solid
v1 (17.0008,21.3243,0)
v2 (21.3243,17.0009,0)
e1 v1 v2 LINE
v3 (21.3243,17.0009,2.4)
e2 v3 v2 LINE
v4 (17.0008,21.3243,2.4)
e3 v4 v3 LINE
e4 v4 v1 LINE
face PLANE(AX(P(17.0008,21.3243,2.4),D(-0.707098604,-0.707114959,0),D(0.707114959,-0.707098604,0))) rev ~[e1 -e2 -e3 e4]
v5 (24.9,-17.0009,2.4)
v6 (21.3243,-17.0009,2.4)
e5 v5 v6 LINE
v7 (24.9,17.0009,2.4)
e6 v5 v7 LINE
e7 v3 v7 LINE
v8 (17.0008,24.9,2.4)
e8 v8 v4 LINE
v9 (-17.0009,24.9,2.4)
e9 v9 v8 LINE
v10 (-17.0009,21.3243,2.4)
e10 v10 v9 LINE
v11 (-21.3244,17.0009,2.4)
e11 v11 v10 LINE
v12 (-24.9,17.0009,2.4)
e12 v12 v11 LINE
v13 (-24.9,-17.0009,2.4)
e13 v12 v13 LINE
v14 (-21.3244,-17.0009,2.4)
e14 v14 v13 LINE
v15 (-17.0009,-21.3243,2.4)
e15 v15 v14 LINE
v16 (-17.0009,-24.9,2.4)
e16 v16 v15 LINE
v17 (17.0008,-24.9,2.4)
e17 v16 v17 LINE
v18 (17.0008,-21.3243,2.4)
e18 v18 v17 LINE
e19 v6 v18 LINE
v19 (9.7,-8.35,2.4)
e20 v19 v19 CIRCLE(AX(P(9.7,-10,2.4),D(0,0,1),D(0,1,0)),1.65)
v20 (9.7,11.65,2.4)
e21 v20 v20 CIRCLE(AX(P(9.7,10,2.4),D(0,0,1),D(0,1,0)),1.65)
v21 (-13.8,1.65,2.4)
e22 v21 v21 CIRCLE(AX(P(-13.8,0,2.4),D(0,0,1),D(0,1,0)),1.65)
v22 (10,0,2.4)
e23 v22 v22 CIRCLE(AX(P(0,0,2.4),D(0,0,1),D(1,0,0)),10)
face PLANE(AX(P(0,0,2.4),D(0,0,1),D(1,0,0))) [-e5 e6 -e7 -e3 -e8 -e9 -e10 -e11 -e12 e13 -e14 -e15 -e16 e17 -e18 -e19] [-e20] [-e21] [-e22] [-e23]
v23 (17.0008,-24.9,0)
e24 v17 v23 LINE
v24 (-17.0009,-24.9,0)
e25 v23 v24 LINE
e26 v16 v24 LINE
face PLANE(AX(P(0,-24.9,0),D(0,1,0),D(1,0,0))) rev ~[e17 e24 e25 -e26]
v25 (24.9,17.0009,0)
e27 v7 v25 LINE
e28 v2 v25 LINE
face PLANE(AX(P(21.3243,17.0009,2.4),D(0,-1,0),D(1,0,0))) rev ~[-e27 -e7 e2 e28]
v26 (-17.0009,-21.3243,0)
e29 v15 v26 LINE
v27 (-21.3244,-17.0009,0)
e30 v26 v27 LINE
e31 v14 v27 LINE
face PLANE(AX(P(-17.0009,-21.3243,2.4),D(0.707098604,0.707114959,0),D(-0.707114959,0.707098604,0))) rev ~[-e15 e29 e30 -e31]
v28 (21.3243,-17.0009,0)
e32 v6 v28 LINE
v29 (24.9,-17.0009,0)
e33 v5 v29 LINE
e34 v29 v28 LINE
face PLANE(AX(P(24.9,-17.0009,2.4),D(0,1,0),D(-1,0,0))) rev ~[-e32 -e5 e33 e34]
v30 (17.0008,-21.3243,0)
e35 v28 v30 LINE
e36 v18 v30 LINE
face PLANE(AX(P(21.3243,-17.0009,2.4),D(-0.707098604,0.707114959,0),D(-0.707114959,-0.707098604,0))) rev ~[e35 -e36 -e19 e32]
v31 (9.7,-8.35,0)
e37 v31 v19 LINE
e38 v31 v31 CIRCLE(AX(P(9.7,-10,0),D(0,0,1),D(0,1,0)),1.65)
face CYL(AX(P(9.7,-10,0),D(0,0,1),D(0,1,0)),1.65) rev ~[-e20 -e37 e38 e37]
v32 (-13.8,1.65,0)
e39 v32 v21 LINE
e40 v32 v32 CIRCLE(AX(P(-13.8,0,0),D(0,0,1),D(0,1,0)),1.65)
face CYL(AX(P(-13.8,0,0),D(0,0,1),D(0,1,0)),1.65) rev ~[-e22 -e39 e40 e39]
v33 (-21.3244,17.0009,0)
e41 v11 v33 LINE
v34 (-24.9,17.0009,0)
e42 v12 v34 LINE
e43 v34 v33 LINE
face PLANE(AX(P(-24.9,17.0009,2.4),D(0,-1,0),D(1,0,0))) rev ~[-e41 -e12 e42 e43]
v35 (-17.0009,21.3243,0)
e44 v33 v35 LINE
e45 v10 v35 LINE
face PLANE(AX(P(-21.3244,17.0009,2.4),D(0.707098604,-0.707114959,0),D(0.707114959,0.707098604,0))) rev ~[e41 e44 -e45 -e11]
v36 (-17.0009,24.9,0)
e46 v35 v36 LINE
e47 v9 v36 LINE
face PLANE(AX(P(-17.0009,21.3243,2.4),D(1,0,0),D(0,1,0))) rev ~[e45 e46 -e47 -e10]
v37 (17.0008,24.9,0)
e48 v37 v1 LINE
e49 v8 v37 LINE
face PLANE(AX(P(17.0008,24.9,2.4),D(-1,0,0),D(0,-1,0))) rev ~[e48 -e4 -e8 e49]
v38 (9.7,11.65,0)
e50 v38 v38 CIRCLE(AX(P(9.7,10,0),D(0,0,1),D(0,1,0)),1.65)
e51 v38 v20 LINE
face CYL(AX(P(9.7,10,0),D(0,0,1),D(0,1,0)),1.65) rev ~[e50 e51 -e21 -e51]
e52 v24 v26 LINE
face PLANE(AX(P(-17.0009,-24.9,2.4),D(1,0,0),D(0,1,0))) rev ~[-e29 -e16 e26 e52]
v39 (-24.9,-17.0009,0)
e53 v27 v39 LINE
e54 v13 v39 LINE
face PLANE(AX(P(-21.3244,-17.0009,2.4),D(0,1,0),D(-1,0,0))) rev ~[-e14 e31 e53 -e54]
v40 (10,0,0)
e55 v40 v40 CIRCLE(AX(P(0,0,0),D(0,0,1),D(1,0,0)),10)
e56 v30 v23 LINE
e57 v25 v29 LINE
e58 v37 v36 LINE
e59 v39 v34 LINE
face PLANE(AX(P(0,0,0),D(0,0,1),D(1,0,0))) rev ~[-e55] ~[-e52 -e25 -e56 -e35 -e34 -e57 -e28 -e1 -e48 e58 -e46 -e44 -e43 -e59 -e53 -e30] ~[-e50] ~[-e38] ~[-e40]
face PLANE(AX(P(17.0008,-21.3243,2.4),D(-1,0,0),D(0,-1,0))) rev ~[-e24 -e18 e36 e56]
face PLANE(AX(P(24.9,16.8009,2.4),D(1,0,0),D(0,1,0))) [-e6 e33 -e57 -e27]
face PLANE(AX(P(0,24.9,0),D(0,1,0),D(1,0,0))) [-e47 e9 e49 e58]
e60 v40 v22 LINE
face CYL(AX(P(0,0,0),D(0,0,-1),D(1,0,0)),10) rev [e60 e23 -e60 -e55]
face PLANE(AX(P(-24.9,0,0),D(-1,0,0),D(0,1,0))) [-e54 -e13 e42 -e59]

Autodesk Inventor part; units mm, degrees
ref_plane "YZ Plane" through (0, 0, 0) normal (1, 0, 0) x (0, 1, 0)
ref_plane "XZ Plane" through (0, 0, 0) normal (0, 1, 0) x (-1, 0, 0)
ref_plane "Work Plane1" through (-29.1, -14.5, 2.4) normal (0, 0, -1) x (0, 1, 0)
sketch "Sketch1" plane through (0, 0, 0) normal (0, 0, 1) x (1, 0, 0)
  line L0 (-34.86, 0) -> (34.86, 0) construction
  line L1 (0, -34.86) -> (0, 34.86) construction
  line L2 (0, 0) -> (11.1575, 11.1575) construction
  line L3 (0, 0) -> (15.7791, 0) construction
  line L4 (0, 24.9) -> (16.8009, 24.9)
  line L5 (16.8009, 24.9) -> (16.8009, 21.2415)
  line L6 (16.8009, 21.2415) -> (19.0212, 19.0212)
  line L7 (24.9, 0) -> (24.9, 16.8009)
  line L8 (24.9, 16.8009) -> (21.2415, 16.8009)
  line L9 (21.2415, 16.8009) -> (19.0212, 19.0212)
  line L10 (0, -24.9) -> (16.8009, -24.9)
  line L11 (16.8009, -24.9) -> (16.8009, -21.2415)
  line L12 (16.8009, -21.2415) -> (19.0212, -19.0212)
  line L13 (24.9, 0) -> (24.9, -16.8009)
  line L14 (24.9, -16.8009) -> (21.2415, -16.8009)
  line L15 (21.2415, -16.8009) -> (19.0212, -19.0212)
  line L16 (0, 24.9) -> (-16.8009, 24.9)
  line L17 (-16.8009, 24.9) -> (-16.8009, 21.2415)
  line L18 (-16.8009, 21.2415) -> (-19.0212, 19.0212)
  line L19 (-24.9, 16.8009) -> (-21.2415, 16.8009)
  line L20 (-21.2415, 16.8009) -> (-19.0212, 19.0212)
  line L21 (0, -24.9) -> (-16.8009, -24.9)
  line L22 (-16.8009, -24.9) -> (-16.8009, -21.2415)
  line L23 (-16.8009, -21.2415) -> (-19.0212, -19.0212)
  line L24 (-21.2415, -16.8009) -> (-19.0212, -19.0212)
  line L25 (-24.9, -16.8009) -> (-21.2415, -16.8009)
  line L26 (-24.9, 0) -> (-24.9, -16.8009)
  line L27 (-24.9, 0) -> (-24.9, 16.8009)
  circle A0 centre (0, 0) radius 10
  dimension "d0" = 45
  dimension "d2" = 24.9
  dimension "d3" = 3.14
  dimension "d4" = 26.9
  dimension "d5" = 20
extrude "Extrusion1" add sketch "Sketch1" along normal up to surface (2.4 mm away)
sketch "Sketch5" plane through (0, 0, 0) normal (0, 0, -1) x (-1, 0, 0)
  circle A0 centre (-9.7, 10) radius 1.4
  circle A1 centre (-9.7, -10) radius 1.4
  circle A2 centre (13.8, 0) radius 1.4
  point P0 (0, 0)
hole "Hole1" at (9.7, 10, 0) at (-13.8, 0, 0) at (9.7, -10, 0) direction (0, 0, 1) diameter 3.3 depth 12 tip angle 118
sketch "Skizze6" plane through (-16.8009, 24.9, 2.4) normal (0, 0, 1) x (1, 0, 0)
  circle A0 centre (3.0009, -24.9) radius 1.65 construction
  circle A1 centre (26.5009, -14.9) radius 1.65 construction
  circle A2 centre (26.5009, -34.9) radius 1.65 construction
  circle A3 centre (16.8009, -24.9) radius 10 construction
  line L0 (33.6017, -3.6585) -> (33.6017, 0) projected
  line L1 (33.6017, 0) -> (0, 0) construction
  line L2 (0, 0) -> (0, -3.6585) projected
  line L3 (0, -3.6585) -> (-4.4406, -8.0991) projected
  line L4 (-4.4406, -8.0991) -> (-8.0991, -8.0991) projected
  line L5 (-8.0991, -8.0991) -> (-8.0991, -41.7009) construction
  line L6 (-8.0991, -41.7009) -> (-4.4406, -41.7009) projected
  line L7 (-4.4406, -41.7009) -> (0, -46.1415) projected
  line L8 (0, -46.1415) -> (0, -49.8) projected
  line L9 (0, -49.8) -> (33.6017, -49.8) construction
  line L10 (33.6017, -49.8) -> (33.6017, -46.1415) projected
  line L11 (33.6017, -46.1415) -> (38.0423, -41.7009) projected
  line L12 (38.0423, -41.7009) -> (41.7009, -41.7009) projected
  line L13 (41.7009, -41.7009) -> (41.7009, -8.0991) construction
  line L14 (41.7009, -8.0991) -> (38.0423, -8.0991) projected
  line L15 (38.0423, -8.0991) -> (33.6017, -3.6585) projected
  line L16 (-0.2, 0.2) -> (33.8017, 0.2) construction
  line L17 (33.8017, 0.2) -> (33.8017, -3.5757)
  line L18 (33.8017, -3.5757) -> (38.1252, -7.8991)
  line L19 (38.1252, -7.8991) -> (41.9009, -7.8991)
  line L20 (41.9009, -7.8991) -> (41.9009, -41.9009) construction
  line L21 (41.9009, -41.9009) -> (38.1252, -41.9009)
  line L22 (38.1252, -41.9009) -> (33.8017, -46.2243)
  line L23 (33.8017, -46.2243) -> (33.8017, -50)
  line L24 (33.8017, -50) -> (-0.2, -50) construction
  line L25 (-0.2, -50) -> (-0.2, -46.2243)
  line L26 (-0.2, -46.2243) -> (-4.5235, -41.9009)
  line L27 (-4.5235, -41.9009) -> (-8.2991, -41.9009)
  line L28 (-8.2991, -41.9009) -> (-8.2991, -7.8991) construction
  line L29 (-8.2991, -7.8991) -> (-4.5235, -7.8991)
  line L30 (-4.5235, -7.8991) -> (-0.2, -3.5757)
  line L31 (-0.2, -3.5757) -> (-0.2, 0.2)
  line L32 (-8.0991, -8.0991) -> (-8.0991, -7.8991)
  line L33 (0, -3.6585) -> (0, 0) projected
  line L34 (0, 0) -> (-0.2, 0)
  line L35 (33.6017, 0) -> (33.6017, -3.6585) projected
  line L36 (33.6017, 0) -> (33.8017, 0)
  line L37 (41.7009, -8.0991) -> (41.7009, -7.8991)
  line L38 (41.7009, -41.7009) -> (41.7009, -8.0991) projected
  line L39 (41.7009, -41.7009) -> (41.7009, -41.9009)
  line L40 (33.6017, -49.8) -> (0, -49.8) projected
  line L41 (33.6017, -49.8) -> (33.8017, -49.8)
  line L42 (0, -49.8) -> (-0.2, -49.8)
  line L43 (-8.0991, -41.7009) -> (-8.0991, -41.9009)
  dimension "d25" = 0.2
extrude "IM_offset" add sketch "Skizze6" against normal up to surface (2.4 mm away)
properties part number "20_Cube_insert_Basler_acA1920_25gm_v3"
